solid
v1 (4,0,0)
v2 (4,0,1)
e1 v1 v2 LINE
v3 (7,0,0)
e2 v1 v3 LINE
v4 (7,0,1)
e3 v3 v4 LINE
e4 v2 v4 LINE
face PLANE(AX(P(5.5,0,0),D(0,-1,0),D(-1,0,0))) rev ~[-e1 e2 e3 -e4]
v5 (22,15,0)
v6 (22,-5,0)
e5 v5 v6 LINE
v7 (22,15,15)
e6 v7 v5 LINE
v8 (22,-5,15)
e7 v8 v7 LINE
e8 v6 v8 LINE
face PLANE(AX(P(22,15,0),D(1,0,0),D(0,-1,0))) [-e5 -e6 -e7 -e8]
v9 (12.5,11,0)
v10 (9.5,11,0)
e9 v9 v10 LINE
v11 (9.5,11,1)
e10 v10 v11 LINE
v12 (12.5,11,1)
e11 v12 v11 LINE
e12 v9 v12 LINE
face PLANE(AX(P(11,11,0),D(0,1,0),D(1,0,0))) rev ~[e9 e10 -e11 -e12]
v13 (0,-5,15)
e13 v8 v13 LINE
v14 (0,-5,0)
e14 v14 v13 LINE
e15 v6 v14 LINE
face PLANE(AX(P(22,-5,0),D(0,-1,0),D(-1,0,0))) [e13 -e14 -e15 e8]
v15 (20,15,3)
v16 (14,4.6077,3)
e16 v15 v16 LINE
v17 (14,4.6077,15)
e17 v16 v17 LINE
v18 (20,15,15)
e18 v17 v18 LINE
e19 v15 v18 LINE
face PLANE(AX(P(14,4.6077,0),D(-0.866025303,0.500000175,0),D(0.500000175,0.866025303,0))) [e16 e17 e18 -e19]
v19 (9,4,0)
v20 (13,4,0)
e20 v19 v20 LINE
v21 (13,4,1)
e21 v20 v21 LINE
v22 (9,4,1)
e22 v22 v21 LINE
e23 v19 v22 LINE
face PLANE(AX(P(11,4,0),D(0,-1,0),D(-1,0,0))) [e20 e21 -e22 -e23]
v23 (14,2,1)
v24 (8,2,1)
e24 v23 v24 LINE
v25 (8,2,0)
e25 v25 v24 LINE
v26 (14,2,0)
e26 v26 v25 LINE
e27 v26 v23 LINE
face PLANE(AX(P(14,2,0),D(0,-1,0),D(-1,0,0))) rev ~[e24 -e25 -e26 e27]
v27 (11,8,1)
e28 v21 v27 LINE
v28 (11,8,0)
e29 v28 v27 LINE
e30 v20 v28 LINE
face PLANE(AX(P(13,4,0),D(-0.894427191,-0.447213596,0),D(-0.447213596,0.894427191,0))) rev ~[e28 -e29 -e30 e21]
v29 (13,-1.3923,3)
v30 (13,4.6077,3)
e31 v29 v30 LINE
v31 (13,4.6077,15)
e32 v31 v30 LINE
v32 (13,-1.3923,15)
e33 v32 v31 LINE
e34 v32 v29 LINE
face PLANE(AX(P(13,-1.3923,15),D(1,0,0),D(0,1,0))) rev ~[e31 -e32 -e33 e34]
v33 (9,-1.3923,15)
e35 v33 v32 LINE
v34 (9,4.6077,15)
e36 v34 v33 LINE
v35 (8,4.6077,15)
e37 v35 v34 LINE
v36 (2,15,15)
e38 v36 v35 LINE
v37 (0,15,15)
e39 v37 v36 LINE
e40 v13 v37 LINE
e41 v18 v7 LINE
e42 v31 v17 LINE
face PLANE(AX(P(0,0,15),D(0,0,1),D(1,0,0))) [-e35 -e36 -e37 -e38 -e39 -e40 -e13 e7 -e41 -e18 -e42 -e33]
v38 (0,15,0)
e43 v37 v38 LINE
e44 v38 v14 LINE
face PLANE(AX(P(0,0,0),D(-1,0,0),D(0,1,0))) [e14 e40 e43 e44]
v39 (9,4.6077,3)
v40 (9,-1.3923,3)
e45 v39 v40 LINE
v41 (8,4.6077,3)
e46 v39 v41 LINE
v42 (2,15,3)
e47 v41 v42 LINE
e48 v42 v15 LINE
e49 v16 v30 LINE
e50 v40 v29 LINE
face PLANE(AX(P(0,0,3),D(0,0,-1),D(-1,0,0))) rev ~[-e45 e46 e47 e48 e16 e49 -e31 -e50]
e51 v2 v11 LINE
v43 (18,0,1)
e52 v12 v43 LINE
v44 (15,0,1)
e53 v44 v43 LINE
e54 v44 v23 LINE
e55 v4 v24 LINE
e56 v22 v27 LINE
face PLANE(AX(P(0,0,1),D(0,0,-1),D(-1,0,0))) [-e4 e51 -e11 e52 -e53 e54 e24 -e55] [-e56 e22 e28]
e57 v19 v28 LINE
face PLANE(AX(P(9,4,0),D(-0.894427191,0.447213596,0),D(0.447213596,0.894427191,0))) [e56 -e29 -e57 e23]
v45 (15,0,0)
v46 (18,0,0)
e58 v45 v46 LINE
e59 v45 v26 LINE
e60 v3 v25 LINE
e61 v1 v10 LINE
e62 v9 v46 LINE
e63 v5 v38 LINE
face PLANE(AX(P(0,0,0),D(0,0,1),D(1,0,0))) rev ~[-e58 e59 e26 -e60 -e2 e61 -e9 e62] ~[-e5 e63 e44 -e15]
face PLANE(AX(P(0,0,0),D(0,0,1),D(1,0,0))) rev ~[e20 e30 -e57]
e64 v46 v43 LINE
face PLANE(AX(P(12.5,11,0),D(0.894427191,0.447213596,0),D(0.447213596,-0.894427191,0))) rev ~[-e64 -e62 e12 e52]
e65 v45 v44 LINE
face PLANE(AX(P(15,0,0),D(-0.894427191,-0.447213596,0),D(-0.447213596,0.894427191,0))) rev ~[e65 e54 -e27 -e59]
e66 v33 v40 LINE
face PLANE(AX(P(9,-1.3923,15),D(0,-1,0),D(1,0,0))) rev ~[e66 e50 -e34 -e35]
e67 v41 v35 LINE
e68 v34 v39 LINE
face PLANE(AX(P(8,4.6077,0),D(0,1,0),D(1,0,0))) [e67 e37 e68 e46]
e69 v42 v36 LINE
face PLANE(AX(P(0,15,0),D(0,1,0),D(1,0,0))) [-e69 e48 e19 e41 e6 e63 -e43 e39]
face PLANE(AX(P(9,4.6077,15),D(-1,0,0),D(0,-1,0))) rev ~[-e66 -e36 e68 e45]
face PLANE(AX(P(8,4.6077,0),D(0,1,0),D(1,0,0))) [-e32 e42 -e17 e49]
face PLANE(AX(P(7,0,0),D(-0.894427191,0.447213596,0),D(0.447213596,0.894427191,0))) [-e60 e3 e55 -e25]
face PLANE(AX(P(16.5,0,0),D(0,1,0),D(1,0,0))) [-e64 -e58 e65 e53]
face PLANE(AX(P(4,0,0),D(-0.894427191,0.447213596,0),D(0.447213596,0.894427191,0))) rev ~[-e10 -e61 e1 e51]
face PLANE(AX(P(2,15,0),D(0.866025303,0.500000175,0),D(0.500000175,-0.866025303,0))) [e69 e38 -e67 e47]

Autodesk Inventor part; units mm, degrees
ref_plane "YZ Plane" through (0, 0, 0) normal (1, 0, 0) x (0, 1, 0)
ref_plane "XZ Plane" through (0, 0, 0) normal (0, 1, 0) x (-1, 0, 0)
ref_plane "XY Plane" through (0, 0, 0) normal (0, 0, 1) x (1, 0, 0)
sketch "Boceto1" plane through (0, 0, 0) normal (0, 0, 1) x (1, 0, 0)
  line L0 (0, 0) -> (0, 15)
  line L1 (0, 15) -> (2, 15)
  line L2 (2, 15) -> (8, 4.6077)
  line L3 (2, 15) -> (14, 15) construction
  line L4 (0, 0) -> (0, -5)
  line L5 (8, 4.6077) -> (14, 4.6077)
  line L6 (14, 4.6077) -> (20, 15)
  line L7 (20, 15) -> (22, 15)
  line L8 (22, 15) -> (22, -0.0111)
  line L9 (22, -0.0111) -> (22, -5)
  line L10 (22, -5) -> (0, -5)
  dimension "d0" = 15
  dimension "d1" = 2
  dimension "d2" = 12
  dimension "d3" = 60
  dimension "d4" = 5
  dimension "d5" = 6
  dimension "d6" = 12
  dimension "d7" = 2
extrude "Extrusión1" add sketch "Boceto1" along normal blind 15
sketch "Boceto2" plane through (0, 0, 15) normal (0, 0, 1) x (1, 0, 0)
  line L0 (14, 4.6077) -> (8, 4.6077) projected
  line L1 (8, 4.6077) -> (9, 4.6077)
  line L2 (9, 4.6077) -> (9, -1.3923)
  line L3 (9, -1.3923) -> (13, -1.3923)
  line L4 (13, -1.3923) -> (13, 4.6077)
  line L5 (9, 4.6077) -> (13, 4.6077)
  point P0 (0, 0)
  dimension "d10" = 1
  dimension "d11" = 6
  dimension "d12" = 4
extrude "Extrusión2" cut sketch "Boceto2" against normal blind 12
sketch "Boceto3" plane through (0, 0, 0) normal (0, 0, -1) x (-1, 0, 0)
  line L0 (-22, -5) -> (-22, 15) projected
  line L1 (-22, -5) -> (-22, 15)
  line L2 (-2, 15) -> (0, 15) projected
  line L3 (-22, 15) -> (0, 15)
  line L4 (0, 15) -> (0, -5) projected
  line L5 (0, 15) -> (0, -5)
  line L6 (0, -5) -> (-22, -5)
  line L7 (0, -5) -> (-22, -5) projected
  line L8 (-16.5, 0) -> (-15, 0)
  line L9 (-16.5, 0) -> (-18, 0)
  line L10 (-11, 11) -> (-12.5, 11)
  line L11 (-12.5, 11) -> (-18, 0)
  line L12 (-11, 11) -> (-9.5, 11)
  line L13 (-5.5, 0) -> (-7, 0)
  line L14 (-5.5, 0) -> (-4, 0)
  line L15 (-4, 0) -> (-9.5, 11)
  line L16 (-15, 0) -> (-14, 2)
  line L17 (-7, 0) -> (-8, 2)
  line L18 (-14, 2) -> (-8, 2)
  line L19 (-11, 4) -> (-10, 4)
  line L20 (-10, 4) -> (-9, 4)
  line L21 (-9, 4) -> (-11, 8)
  line L22 (-11, 4) -> (-13, 4)
  line L23 (-13, 4) -> (-11, 8)
  line L24 (-13, 4) -> (-11, 8)
  line L25 (-11, 8) -> (-9, 4)
  line L26 (-9, 4) -> (-13, 4)
  point P0 (0, 0)
  dimension "d16" = 1.5
  dimension "d23" = 1.5
  dimension "d24" = 1.5
  dimension "d25" = 1.5
  dimension "d26" = 3
  dimension "d27" = 4
  dimension "d29" = 1
extrude "Extrusión3" add sketch "Boceto3" against normal blind 3 contours L0 L3 L2 L4 L6 | L9 L11 L10 L12 L15 L14 L13 L17 L18 L16 L8 | L22 L23 L21 L20 L19
extrude "Extrusión4" cut sketch "Boceto3" against normal blind 1 contours L9 L11 L10 L12 L15 L14 L13 L17 L18 L16 L8
properties part number "soporte_antena_aquiles"
